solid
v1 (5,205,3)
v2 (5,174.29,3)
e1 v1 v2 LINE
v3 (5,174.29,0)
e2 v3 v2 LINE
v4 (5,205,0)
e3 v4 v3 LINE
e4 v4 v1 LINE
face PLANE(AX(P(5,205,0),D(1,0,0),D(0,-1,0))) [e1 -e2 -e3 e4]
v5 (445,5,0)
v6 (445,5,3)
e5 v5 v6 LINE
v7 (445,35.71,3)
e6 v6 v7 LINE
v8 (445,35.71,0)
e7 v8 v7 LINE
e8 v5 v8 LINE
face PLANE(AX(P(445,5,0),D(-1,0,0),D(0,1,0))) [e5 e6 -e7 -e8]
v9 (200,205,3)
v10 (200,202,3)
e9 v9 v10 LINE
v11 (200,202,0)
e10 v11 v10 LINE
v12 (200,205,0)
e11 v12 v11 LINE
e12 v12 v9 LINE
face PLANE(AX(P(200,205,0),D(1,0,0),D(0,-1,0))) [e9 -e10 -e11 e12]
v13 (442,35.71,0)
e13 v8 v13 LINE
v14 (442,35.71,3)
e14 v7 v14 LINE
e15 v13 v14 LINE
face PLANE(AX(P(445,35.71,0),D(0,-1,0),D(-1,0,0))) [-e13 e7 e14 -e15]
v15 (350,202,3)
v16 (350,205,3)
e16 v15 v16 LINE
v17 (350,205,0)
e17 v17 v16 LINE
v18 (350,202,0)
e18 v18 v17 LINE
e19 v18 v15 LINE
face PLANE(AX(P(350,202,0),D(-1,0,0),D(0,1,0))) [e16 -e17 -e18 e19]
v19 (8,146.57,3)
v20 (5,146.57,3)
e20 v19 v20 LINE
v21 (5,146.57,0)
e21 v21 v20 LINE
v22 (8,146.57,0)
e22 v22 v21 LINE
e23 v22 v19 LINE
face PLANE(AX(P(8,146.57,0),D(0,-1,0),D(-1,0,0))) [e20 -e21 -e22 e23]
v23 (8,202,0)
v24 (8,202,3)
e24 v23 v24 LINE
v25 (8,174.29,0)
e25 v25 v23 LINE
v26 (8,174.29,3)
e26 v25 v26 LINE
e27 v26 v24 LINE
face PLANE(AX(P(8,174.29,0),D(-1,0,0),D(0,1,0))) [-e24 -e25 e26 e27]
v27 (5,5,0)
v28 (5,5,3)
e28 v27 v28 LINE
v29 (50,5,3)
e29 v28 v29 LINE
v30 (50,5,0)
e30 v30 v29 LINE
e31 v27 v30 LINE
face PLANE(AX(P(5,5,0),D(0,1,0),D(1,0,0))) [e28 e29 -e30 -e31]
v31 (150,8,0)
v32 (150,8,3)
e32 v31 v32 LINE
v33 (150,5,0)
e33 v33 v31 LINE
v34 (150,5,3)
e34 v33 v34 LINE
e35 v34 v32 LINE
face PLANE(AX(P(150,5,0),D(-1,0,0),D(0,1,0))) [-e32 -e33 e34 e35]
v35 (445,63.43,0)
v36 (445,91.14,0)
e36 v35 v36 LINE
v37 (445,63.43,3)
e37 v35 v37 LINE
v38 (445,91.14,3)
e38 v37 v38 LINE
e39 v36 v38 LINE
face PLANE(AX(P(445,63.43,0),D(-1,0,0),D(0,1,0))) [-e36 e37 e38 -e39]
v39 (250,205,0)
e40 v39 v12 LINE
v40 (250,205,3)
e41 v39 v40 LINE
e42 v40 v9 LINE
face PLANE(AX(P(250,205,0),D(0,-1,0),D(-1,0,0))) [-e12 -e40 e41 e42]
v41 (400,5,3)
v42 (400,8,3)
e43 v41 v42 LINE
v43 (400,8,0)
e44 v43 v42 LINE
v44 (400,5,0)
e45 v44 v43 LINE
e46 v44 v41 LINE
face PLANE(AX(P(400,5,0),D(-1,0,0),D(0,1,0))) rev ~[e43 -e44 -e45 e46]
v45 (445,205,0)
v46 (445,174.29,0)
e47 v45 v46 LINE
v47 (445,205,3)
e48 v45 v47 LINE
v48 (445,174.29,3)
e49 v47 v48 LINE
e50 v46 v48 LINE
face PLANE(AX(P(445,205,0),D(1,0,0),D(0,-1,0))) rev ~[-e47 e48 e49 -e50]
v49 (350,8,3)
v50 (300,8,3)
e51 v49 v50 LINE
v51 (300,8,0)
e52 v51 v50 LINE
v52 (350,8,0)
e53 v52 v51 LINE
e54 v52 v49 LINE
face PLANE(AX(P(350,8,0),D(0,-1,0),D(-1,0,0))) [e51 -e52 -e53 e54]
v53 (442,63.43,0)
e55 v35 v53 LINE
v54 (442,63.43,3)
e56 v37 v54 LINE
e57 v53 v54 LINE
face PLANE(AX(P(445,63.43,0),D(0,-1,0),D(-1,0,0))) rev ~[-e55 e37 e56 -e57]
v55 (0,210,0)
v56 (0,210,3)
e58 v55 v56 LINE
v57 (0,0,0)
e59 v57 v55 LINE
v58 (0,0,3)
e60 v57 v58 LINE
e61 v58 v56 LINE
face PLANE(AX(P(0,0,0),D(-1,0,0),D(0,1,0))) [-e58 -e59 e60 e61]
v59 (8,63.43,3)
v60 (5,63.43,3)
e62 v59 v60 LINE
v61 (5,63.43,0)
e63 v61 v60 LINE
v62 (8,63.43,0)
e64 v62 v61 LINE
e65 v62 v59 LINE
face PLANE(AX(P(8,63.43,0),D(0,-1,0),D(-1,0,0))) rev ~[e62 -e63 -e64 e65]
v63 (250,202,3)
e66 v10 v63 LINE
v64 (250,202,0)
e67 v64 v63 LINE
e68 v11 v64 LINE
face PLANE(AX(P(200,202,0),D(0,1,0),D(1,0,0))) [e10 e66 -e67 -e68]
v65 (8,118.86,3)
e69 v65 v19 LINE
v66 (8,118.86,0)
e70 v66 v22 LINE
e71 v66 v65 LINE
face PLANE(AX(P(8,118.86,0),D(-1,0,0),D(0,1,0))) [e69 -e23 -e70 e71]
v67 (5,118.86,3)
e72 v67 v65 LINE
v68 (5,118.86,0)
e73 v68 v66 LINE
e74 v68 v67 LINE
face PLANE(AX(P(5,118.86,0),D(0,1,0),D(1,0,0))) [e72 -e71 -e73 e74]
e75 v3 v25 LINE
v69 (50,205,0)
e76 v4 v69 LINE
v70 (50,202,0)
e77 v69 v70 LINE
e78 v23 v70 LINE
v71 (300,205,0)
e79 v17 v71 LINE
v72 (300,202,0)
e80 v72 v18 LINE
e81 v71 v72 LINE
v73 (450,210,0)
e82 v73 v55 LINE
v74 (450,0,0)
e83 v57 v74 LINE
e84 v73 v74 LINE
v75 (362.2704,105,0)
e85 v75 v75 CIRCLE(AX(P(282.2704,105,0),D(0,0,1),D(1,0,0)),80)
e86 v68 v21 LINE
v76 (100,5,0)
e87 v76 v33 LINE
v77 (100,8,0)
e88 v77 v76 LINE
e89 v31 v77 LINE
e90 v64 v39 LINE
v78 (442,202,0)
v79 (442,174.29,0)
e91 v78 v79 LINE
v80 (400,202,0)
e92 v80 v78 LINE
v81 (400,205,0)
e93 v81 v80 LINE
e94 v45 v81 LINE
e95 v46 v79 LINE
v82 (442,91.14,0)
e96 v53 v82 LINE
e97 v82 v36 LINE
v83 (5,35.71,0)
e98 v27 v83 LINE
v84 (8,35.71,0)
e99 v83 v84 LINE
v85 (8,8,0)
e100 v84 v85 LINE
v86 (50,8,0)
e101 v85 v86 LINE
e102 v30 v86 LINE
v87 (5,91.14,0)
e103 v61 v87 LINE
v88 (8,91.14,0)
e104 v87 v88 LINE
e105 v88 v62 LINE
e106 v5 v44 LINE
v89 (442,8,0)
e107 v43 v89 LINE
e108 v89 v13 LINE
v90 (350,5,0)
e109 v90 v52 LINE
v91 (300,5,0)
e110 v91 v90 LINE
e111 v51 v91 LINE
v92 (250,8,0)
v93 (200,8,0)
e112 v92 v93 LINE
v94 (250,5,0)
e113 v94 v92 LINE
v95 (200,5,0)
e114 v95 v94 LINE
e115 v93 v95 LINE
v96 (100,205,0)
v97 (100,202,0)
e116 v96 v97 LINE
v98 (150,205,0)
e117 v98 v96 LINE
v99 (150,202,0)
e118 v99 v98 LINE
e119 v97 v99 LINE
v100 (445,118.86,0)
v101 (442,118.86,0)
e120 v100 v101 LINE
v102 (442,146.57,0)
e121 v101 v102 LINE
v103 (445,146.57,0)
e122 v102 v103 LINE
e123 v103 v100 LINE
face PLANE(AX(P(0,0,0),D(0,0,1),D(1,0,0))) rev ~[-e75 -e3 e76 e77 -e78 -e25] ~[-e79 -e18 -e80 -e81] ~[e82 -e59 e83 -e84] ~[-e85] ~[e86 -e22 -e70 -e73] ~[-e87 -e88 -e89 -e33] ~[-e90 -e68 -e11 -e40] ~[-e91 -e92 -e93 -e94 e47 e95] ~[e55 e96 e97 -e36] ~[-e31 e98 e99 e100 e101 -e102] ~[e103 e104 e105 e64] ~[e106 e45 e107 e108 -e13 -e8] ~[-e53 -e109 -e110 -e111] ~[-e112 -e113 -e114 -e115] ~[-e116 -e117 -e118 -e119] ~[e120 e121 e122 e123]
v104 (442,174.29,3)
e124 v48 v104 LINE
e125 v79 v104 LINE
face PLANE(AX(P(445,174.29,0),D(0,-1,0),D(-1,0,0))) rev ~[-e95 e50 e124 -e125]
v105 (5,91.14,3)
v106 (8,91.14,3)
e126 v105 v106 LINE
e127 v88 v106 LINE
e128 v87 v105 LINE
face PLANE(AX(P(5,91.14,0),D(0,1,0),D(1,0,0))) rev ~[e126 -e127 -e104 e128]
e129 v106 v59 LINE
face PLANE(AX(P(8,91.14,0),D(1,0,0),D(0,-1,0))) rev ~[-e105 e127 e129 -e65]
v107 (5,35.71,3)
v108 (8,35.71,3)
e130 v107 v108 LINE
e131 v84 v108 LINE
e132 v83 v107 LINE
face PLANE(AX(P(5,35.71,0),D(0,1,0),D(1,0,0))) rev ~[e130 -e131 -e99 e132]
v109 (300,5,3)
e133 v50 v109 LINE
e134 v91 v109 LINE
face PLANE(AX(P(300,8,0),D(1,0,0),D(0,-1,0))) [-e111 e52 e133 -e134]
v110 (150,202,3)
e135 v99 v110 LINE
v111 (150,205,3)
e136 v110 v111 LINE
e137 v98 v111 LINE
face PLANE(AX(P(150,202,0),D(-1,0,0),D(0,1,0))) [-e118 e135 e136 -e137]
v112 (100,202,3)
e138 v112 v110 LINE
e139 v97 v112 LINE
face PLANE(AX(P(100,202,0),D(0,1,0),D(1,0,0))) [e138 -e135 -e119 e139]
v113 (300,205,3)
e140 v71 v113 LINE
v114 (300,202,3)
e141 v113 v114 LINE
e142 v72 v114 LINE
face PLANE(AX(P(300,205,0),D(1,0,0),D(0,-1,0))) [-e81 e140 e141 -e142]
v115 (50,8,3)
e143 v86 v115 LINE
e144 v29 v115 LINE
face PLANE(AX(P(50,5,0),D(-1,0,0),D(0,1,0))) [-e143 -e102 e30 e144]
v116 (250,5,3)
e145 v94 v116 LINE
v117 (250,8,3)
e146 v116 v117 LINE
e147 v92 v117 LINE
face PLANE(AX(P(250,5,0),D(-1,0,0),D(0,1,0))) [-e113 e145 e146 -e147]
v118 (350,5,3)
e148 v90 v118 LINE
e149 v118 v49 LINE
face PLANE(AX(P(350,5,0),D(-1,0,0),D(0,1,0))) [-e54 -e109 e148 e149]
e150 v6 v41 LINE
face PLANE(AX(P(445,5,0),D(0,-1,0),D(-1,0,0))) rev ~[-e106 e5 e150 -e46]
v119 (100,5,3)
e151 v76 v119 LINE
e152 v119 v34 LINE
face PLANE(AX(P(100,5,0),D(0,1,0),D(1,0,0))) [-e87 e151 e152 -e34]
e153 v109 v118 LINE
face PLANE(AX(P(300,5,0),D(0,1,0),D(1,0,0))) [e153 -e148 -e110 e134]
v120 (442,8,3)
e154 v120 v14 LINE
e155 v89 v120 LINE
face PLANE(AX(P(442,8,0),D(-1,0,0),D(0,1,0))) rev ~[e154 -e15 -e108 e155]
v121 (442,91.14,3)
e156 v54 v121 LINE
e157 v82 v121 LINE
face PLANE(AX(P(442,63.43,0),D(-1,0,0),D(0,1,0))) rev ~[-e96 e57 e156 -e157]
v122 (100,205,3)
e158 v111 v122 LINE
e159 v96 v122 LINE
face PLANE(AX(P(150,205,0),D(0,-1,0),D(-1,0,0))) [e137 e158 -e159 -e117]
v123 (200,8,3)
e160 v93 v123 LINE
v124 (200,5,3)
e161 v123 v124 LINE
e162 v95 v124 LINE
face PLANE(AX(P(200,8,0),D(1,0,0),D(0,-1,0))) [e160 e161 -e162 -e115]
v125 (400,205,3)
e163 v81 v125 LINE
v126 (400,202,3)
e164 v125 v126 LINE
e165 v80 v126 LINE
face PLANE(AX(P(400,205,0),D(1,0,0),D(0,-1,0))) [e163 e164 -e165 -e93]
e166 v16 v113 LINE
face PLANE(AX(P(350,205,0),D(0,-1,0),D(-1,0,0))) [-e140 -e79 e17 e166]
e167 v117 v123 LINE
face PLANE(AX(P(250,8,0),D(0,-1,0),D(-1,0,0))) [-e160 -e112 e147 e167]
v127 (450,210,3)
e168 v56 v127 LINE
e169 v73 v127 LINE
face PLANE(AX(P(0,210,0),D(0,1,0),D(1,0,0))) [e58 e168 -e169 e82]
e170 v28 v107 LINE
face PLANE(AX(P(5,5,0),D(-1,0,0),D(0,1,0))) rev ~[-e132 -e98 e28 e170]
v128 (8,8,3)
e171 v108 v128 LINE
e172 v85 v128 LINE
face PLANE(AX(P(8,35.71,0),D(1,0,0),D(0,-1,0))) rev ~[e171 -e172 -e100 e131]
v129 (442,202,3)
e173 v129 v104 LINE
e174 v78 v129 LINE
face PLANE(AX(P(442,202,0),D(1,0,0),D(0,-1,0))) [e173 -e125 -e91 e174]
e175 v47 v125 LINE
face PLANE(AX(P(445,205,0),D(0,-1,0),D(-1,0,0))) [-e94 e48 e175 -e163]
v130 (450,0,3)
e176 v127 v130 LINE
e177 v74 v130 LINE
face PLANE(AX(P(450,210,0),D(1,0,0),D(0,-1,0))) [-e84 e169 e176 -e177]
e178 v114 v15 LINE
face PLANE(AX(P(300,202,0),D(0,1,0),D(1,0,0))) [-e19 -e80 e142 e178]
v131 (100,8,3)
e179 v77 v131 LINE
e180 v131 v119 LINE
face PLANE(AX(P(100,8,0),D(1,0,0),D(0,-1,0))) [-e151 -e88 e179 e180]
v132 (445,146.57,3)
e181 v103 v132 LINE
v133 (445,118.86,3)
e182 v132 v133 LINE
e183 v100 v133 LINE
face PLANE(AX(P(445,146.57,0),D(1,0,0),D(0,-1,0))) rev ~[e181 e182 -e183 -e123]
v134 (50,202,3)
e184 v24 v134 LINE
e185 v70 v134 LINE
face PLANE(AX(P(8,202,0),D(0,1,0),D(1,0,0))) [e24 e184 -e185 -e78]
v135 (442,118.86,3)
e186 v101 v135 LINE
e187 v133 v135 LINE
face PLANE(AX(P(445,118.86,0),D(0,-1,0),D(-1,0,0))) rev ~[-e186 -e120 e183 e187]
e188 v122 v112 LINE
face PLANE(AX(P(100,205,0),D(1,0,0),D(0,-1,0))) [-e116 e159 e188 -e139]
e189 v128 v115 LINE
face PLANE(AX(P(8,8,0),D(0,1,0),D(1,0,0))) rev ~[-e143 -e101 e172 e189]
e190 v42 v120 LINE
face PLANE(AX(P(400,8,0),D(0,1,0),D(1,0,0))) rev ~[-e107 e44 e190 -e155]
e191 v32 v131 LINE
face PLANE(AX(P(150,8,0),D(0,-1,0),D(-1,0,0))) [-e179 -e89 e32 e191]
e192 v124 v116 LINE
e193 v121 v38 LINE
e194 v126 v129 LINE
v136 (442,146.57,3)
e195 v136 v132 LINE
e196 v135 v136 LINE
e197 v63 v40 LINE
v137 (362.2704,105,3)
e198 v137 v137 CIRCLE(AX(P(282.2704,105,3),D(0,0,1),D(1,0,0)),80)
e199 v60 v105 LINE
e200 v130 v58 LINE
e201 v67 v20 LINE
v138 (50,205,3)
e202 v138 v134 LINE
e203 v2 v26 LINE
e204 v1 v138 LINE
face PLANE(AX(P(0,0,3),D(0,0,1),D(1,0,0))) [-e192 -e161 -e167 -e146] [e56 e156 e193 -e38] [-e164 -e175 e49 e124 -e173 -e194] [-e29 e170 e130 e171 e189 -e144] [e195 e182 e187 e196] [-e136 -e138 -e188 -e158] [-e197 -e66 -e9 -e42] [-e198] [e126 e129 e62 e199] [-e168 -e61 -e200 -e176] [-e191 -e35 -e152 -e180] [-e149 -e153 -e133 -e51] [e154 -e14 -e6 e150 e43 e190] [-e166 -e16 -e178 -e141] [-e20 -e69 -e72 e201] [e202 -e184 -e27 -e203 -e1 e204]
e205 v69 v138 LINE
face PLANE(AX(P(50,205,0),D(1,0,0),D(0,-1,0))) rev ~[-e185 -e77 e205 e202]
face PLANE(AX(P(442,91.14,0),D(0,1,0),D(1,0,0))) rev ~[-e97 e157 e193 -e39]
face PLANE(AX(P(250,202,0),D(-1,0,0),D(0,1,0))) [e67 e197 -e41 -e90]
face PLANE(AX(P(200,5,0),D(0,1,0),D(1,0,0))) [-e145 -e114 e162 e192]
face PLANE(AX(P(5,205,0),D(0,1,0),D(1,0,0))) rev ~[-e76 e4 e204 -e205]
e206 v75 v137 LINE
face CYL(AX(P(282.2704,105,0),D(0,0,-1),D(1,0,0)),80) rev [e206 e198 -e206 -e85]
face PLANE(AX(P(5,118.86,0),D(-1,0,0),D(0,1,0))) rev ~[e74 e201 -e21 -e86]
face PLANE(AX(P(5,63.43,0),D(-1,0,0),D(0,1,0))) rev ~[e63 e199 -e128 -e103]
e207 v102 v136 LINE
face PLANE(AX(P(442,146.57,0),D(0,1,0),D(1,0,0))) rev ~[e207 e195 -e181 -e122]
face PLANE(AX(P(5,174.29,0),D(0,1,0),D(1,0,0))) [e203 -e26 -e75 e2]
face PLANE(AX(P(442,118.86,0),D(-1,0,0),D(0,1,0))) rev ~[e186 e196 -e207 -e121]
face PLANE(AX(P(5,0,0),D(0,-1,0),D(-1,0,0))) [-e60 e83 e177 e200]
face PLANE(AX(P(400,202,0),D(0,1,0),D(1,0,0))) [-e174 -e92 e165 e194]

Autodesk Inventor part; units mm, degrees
ref_plane "YZ Plane" through (0, 0, 0) normal (1, 0, 0) x (0, 1, 0)
ref_plane "XZ Plane" through (0, 0, 0) normal (0, 1, 0) x (-1, 0, 0)
ref_plane "XY Plane" through (0, 0, 0) normal (0, 0, 1) x (1, 0, 0)
sketch "Boceto1" plane through (0, 0, 0) normal (0, 0, 1) x (1, 0, 0)
  line L0 (0, 0) -> (0, 210)
  line L1 (0, 210) -> (450, 210)
  line L2 (450, 210) -> (450, 0)
  line L3 (450, 0) -> (0, 0)
  line L4 (0, 210) -> (5, 210)
  line L5 (5, 205) -> (50, 205)
  line L6 (50, 205) -> (50, 202)
  line L7 (5, 205) -> (5, 174.29)
  line L8 (5, 174.29) -> (8, 174.29)
  line L9 (8, 174.29) -> (8, 202)
  line L10 (8, 202) -> (50, 202)
  line L11 (0, 0) -> (5, 0)
  line L12 (0, 0) -> (5, 0)
  line L13 (5, 5) -> (50, 5)
  line L14 (5, 5) -> (5, 35.71)
  line L15 (5, 35.71) -> (8, 35.71)
  line L16 (50, 5) -> (50, 8)
  line L17 (8, 35.71) -> (8, 8)
  line L18 (8, 8) -> (50, 8)
  line L19 (450, 0) -> (445, 0)
  line L20 (445, 5) -> (445, 35.71)
  line L21 (445, 35.71) -> (442, 35.71)
  line L22 (445, 5) -> (400, 5)
  line L23 (400, 5) -> (400, 8)
  line L24 (400, 8) -> (442, 8)
  line L25 (442, 8) -> (442, 35.71)
  line L26 (450, 210) -> (445, 210)
  line L27 (445, 205) -> (400, 205)
  line L28 (445, 205) -> (445, 174.29)
  line L29 (445, 174.29) -> (442, 174.29)
  line L30 (400, 205) -> (400, 202)
  line L31 (400, 202) -> (442, 202)
  line L32 (442, 202) -> (442, 174.29)
  line L33 (5, 63.43) -> (5, 91.14)
  line L34 (5, 91.14) -> (8, 91.14)
  line L35 (8, 91.14) -> (8, 63.43)
  line L36 (8, 63.43) -> (5, 63.43)
  line L37 (5, 118.86) -> (5, 146.57)
  line L38 (5, 118.86) -> (8, 118.86)
  line L39 (8, 118.86) -> (8, 146.57)
  line L40 (8, 146.57) -> (5, 146.57)
  line L41 (445, 63.43) -> (445, 91.14)
  line L42 (445, 63.43) -> (442, 63.43)
  line L43 (442, 63.43) -> (442, 91.14)
  line L44 (442, 91.14) -> (445, 91.14)
  line L45 (445, 118.86) -> (442, 118.86)
  line L46 (442, 118.86) -> (442, 146.57)
  line L47 (442, 146.57) -> (445, 146.57)
  line L48 (445, 146.57) -> (445, 118.86)
  line L49 (350, 205) -> (300, 205)
  line L50 (300, 205) -> (300, 202)
  line L51 (300, 202) -> (350, 202)
  line L52 (350, 202) -> (350, 205)
  line L53 (250, 205) -> (200, 205)
  line L54 (200, 205) -> (200, 202)
  line L55 (200, 202) -> (250, 202)
  line L56 (250, 202) -> (250, 205)
  line L57 (150, 205) -> (100, 205)
  line L58 (100, 205) -> (100, 202)
  line L59 (100, 202) -> (150, 202)
  line L60 (150, 202) -> (150, 205)
  line L61 (350, 8) -> (300, 8)
  line L62 (300, 8) -> (300, 5)
  line L63 (300, 5) -> (350, 5)
  line L64 (350, 5) -> (350, 8)
  line L65 (250, 8) -> (200, 8)
  line L66 (200, 8) -> (200, 5)
  line L67 (200, 5) -> (250, 5)
  line L68 (250, 5) -> (250, 8)
  line L69 (150, 8) -> (100, 8)
  line L70 (100, 8) -> (100, 5)
  line L71 (100, 5) -> (150, 5)
  line L72 (150, 5) -> (150, 8)
  point P0 (450, 30)
  dimension "d8" = 210
  dimension "d9" = 210
  dimension "d10" = 5
  dimension "d11" = 27.72
  dimension "d12" = 5
  dimension "d13" = 5
  dimension "d14" = 450
  dimension "d15" = 5
  dimension "d16" = 5
  dimension "d17" = 5
  dimension "d18" = 45
  dimension "d19" = 30.71
  dimension "d20" = 3
  dimension "d21" = 3
  dimension "d22" = 30.71
  dimension "d23" = 45
  dimension "d24" = 3
  dimension "d25" = 3
  dimension "d26" = 5
  dimension "d27" = 5
  dimension "d29" = 5
  dimension "d30" = 30.71
  dimension "d31" = 45
  dimension "d32" = 5
  dimension "d33" = 3
  dimension "d34" = 3
  dimension "d35" = 5
  dimension "d36" = 5
  dimension "d37" = 45
  dimension "d38" = 30.71
  dimension "d39" = 3
  dimension "d40" = 3
  dimension "d41" = 50
  dimension "d42" = 5
  dimension "d43" = 5
  dimension "d44" = 5
  dimension "d45" = 3
  dimension "d46" = 3
sketch "Boceto2" plane through (0, 0, 0) normal (0, 0, 1) x (1, 0, 0)
  line L0 (449.8604, 0) -> (282.2704, 0)
  circle A0 centre (282.2704, 105) radius 80
  point P0 (0, 0)
extrude "Extrusión1" add sketch "Boceto1" along normal blind 3
extrude "Extrusión2" cut sketch "Boceto2" along normal blind 3
properties part number "Pieza agujero" material "Madera (nogal)"
